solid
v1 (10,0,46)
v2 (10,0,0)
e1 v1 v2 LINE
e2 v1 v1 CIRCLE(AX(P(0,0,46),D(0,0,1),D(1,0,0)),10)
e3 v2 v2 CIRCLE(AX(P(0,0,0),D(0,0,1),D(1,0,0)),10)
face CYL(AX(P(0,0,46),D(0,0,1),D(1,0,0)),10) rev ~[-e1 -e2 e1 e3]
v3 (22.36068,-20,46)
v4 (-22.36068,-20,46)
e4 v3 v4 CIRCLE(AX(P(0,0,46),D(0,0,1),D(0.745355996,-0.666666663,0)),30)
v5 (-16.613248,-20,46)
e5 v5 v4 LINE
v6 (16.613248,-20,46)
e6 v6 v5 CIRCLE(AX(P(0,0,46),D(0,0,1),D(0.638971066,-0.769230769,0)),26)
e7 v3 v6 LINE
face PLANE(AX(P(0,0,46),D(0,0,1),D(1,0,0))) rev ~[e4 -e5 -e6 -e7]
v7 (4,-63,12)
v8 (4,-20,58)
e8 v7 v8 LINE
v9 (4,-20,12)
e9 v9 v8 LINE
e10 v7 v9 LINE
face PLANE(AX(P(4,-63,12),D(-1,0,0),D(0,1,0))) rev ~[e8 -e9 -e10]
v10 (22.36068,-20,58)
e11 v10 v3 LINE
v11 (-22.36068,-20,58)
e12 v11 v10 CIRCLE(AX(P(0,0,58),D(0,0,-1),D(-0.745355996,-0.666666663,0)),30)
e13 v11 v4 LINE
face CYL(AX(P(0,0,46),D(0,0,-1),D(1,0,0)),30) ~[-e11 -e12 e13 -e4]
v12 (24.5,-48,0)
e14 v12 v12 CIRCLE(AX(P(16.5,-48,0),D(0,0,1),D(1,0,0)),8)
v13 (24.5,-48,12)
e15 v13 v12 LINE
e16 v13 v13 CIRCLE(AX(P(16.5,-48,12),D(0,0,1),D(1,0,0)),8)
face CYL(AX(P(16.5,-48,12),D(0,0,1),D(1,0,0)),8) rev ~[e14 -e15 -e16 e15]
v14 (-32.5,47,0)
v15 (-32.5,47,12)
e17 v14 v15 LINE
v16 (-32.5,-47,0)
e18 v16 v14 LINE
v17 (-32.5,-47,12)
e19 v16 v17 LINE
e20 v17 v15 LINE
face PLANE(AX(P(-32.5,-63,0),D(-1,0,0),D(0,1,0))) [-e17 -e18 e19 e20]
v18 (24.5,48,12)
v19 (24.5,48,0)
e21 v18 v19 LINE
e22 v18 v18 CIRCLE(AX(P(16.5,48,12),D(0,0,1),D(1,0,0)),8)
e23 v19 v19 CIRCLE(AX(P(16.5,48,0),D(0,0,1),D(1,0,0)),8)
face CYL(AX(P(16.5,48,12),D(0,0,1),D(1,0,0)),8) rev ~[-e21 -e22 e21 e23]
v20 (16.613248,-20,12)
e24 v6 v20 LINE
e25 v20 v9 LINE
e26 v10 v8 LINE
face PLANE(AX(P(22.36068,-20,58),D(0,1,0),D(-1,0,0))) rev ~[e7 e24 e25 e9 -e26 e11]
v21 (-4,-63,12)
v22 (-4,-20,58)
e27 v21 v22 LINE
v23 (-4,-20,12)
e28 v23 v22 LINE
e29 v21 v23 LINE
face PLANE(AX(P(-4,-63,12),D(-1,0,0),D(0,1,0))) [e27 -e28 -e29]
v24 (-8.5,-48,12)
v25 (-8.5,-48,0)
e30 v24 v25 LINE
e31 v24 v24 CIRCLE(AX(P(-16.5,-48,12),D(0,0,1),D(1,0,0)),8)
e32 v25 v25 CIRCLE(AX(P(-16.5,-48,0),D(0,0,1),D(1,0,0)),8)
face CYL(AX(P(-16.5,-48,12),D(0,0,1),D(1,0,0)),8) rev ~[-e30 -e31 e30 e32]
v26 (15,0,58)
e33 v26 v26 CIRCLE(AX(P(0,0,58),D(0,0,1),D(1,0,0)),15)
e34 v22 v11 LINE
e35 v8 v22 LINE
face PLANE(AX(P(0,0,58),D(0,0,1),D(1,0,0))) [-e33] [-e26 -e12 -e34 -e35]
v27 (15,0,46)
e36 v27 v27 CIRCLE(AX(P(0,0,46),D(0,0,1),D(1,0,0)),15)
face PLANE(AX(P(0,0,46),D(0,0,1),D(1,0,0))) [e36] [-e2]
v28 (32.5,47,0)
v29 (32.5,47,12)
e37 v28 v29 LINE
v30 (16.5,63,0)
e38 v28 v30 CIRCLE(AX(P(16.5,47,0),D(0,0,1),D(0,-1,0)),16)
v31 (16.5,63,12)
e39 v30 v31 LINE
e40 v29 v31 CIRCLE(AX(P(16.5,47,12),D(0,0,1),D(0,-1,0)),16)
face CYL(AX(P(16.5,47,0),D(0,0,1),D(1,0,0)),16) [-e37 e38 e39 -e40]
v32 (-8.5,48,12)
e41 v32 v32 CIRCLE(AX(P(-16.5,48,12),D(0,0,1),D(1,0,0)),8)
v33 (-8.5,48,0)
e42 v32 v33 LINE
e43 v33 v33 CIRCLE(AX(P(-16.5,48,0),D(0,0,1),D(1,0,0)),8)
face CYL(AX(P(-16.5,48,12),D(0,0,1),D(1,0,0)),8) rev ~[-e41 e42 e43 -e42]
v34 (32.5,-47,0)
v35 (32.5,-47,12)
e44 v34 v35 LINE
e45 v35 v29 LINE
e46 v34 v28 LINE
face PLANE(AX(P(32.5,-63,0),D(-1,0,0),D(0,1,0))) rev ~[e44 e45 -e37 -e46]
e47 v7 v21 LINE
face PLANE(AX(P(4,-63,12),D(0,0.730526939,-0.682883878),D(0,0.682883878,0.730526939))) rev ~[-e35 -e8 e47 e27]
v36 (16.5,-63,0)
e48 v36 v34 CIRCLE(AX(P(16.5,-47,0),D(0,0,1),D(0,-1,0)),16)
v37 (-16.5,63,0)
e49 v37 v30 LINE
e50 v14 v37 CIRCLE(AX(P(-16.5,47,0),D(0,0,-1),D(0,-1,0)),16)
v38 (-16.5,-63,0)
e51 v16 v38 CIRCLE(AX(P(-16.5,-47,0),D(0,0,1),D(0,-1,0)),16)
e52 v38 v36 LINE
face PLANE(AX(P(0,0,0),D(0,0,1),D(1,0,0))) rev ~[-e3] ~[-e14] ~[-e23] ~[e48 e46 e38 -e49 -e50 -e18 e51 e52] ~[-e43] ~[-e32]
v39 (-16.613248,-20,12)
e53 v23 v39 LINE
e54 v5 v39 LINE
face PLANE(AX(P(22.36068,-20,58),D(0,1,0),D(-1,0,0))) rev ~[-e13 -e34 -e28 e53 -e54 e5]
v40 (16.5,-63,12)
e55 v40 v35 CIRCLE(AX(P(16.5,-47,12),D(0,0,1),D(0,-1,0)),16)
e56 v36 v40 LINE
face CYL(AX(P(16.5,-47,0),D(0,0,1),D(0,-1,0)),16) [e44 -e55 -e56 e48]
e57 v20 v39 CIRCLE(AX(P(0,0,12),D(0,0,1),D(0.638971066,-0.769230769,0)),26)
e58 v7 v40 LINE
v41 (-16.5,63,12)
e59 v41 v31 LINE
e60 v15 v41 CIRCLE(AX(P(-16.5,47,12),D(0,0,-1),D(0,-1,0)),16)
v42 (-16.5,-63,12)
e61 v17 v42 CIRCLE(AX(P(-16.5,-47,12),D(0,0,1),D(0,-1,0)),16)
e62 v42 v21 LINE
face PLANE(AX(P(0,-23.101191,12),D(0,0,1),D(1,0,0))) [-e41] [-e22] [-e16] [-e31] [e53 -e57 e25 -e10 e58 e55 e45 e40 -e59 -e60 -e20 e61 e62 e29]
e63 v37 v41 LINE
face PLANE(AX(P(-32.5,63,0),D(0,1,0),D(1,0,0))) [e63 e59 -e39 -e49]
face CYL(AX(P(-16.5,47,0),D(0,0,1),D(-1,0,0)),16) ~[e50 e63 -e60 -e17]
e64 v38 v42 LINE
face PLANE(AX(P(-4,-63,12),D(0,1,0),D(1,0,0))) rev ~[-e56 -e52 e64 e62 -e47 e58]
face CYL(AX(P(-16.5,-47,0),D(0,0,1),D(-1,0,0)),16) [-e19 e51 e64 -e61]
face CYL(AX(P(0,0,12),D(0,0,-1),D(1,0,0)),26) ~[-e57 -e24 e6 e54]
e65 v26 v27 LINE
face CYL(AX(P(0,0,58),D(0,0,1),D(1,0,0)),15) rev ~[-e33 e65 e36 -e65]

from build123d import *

# Parameters (mm, degrees)
F0_W      = 65
F0_H      = 126
F1_DEPTH  = 12
F2_R      = 16
F3_R      = 8
F4_DEPTH  = 12
F5_R      = 26
F6_DEPTH  = 34
F7_R      = 30
F8_DEPTH  = 12
F9_R      = 15
F10_DEPTH = 12
F11_R     = 10
F12_DEPTH = 46
F14_DEPTH = 46
F15_W     = 8
F15_H     = 43
F16_DEPTH = 46
F18_DEPTH = 8


with BuildPart() as f1:
    # F0 (on Top) → F1 (new body)
    with BuildSketch(Plane.XY):
        Rectangle(F0_W, F0_H)
    extrude(amount=F1_DEPTH)

    # F2
    f2_edges = [f1.edges().sort_by_distance(p)[0] for p in [
        (32.5, -63, 6),
        (-32.5, -63, 6),
        (32.5, 63, 6),
        (-32.5, 63, 6),
    ]]
    fillet(f2_edges, radius=F2_R)

    # F3 (on face) → F4 (cut, through all)
    with BuildSketch(Plane.XY.offset(12)):
        with Locations((-16.5, 48)):
            Circle(F3_R)
        with Locations((16.5, 48)):
            Circle(F3_R)
        with Locations((16.5, -48)):
            Circle(F3_R)
        with Locations((-16.5, -48)):
            Circle(F3_R)
    extrude(amount=-F4_DEPTH, mode=Mode.SUBTRACT)

    # F5 (on face) → F6 (join)
    with BuildSketch(Plane.XY.offset(12)):
        Circle(F5_R)
    extrude(amount=F6_DEPTH)

    # F7 (on face) → F8 (join)
    with BuildSketch(Plane.XY.offset(46)):
        Circle(F7_R)
    extrude(amount=F8_DEPTH)

    # F9 (on face) → F10 (cut)
    with BuildSketch(Plane.XY.offset(58)):
        Circle(F9_R)
    extrude(amount=-F10_DEPTH, mode=Mode.SUBTRACT)

    # F11 (on face) → F12 (cut, through all)
    with BuildSketch(Plane.XY.offset(46)):
        Circle(F11_R)
    extrude(amount=-F12_DEPTH, mode=Mode.SUBTRACT)

    # F13 (on face) → F14 (cut, through all)
    with BuildSketch(Plane.XY.offset(58)):
        with BuildLine():
            Line((22.36068, -20), (-22.36068, -20))
            ThreePointArc((-22.36068, -20), (0, -30), (22.36068, -20))
        make_face()
    extrude(amount=-F14_DEPTH, mode=Mode.SUBTRACT)

    # F15 (on face) → F16 (join, through all)
    with BuildSketch(Plane.XY.offset(12)):
        with Locations((0, -41.5)):
            Rectangle(F15_W, F15_H)
    extrude(amount=F16_DEPTH)

    # F17 (on face) → F18 (cut, through all)
    with BuildSketch(Plane.YZ.offset(4)):
        Polygon((-63, 12), (-20, 58), (-63, 58), align=None)
    extrude(amount=-F18_DEPTH, mode=Mode.SUBTRACT)


solid = f1.part
